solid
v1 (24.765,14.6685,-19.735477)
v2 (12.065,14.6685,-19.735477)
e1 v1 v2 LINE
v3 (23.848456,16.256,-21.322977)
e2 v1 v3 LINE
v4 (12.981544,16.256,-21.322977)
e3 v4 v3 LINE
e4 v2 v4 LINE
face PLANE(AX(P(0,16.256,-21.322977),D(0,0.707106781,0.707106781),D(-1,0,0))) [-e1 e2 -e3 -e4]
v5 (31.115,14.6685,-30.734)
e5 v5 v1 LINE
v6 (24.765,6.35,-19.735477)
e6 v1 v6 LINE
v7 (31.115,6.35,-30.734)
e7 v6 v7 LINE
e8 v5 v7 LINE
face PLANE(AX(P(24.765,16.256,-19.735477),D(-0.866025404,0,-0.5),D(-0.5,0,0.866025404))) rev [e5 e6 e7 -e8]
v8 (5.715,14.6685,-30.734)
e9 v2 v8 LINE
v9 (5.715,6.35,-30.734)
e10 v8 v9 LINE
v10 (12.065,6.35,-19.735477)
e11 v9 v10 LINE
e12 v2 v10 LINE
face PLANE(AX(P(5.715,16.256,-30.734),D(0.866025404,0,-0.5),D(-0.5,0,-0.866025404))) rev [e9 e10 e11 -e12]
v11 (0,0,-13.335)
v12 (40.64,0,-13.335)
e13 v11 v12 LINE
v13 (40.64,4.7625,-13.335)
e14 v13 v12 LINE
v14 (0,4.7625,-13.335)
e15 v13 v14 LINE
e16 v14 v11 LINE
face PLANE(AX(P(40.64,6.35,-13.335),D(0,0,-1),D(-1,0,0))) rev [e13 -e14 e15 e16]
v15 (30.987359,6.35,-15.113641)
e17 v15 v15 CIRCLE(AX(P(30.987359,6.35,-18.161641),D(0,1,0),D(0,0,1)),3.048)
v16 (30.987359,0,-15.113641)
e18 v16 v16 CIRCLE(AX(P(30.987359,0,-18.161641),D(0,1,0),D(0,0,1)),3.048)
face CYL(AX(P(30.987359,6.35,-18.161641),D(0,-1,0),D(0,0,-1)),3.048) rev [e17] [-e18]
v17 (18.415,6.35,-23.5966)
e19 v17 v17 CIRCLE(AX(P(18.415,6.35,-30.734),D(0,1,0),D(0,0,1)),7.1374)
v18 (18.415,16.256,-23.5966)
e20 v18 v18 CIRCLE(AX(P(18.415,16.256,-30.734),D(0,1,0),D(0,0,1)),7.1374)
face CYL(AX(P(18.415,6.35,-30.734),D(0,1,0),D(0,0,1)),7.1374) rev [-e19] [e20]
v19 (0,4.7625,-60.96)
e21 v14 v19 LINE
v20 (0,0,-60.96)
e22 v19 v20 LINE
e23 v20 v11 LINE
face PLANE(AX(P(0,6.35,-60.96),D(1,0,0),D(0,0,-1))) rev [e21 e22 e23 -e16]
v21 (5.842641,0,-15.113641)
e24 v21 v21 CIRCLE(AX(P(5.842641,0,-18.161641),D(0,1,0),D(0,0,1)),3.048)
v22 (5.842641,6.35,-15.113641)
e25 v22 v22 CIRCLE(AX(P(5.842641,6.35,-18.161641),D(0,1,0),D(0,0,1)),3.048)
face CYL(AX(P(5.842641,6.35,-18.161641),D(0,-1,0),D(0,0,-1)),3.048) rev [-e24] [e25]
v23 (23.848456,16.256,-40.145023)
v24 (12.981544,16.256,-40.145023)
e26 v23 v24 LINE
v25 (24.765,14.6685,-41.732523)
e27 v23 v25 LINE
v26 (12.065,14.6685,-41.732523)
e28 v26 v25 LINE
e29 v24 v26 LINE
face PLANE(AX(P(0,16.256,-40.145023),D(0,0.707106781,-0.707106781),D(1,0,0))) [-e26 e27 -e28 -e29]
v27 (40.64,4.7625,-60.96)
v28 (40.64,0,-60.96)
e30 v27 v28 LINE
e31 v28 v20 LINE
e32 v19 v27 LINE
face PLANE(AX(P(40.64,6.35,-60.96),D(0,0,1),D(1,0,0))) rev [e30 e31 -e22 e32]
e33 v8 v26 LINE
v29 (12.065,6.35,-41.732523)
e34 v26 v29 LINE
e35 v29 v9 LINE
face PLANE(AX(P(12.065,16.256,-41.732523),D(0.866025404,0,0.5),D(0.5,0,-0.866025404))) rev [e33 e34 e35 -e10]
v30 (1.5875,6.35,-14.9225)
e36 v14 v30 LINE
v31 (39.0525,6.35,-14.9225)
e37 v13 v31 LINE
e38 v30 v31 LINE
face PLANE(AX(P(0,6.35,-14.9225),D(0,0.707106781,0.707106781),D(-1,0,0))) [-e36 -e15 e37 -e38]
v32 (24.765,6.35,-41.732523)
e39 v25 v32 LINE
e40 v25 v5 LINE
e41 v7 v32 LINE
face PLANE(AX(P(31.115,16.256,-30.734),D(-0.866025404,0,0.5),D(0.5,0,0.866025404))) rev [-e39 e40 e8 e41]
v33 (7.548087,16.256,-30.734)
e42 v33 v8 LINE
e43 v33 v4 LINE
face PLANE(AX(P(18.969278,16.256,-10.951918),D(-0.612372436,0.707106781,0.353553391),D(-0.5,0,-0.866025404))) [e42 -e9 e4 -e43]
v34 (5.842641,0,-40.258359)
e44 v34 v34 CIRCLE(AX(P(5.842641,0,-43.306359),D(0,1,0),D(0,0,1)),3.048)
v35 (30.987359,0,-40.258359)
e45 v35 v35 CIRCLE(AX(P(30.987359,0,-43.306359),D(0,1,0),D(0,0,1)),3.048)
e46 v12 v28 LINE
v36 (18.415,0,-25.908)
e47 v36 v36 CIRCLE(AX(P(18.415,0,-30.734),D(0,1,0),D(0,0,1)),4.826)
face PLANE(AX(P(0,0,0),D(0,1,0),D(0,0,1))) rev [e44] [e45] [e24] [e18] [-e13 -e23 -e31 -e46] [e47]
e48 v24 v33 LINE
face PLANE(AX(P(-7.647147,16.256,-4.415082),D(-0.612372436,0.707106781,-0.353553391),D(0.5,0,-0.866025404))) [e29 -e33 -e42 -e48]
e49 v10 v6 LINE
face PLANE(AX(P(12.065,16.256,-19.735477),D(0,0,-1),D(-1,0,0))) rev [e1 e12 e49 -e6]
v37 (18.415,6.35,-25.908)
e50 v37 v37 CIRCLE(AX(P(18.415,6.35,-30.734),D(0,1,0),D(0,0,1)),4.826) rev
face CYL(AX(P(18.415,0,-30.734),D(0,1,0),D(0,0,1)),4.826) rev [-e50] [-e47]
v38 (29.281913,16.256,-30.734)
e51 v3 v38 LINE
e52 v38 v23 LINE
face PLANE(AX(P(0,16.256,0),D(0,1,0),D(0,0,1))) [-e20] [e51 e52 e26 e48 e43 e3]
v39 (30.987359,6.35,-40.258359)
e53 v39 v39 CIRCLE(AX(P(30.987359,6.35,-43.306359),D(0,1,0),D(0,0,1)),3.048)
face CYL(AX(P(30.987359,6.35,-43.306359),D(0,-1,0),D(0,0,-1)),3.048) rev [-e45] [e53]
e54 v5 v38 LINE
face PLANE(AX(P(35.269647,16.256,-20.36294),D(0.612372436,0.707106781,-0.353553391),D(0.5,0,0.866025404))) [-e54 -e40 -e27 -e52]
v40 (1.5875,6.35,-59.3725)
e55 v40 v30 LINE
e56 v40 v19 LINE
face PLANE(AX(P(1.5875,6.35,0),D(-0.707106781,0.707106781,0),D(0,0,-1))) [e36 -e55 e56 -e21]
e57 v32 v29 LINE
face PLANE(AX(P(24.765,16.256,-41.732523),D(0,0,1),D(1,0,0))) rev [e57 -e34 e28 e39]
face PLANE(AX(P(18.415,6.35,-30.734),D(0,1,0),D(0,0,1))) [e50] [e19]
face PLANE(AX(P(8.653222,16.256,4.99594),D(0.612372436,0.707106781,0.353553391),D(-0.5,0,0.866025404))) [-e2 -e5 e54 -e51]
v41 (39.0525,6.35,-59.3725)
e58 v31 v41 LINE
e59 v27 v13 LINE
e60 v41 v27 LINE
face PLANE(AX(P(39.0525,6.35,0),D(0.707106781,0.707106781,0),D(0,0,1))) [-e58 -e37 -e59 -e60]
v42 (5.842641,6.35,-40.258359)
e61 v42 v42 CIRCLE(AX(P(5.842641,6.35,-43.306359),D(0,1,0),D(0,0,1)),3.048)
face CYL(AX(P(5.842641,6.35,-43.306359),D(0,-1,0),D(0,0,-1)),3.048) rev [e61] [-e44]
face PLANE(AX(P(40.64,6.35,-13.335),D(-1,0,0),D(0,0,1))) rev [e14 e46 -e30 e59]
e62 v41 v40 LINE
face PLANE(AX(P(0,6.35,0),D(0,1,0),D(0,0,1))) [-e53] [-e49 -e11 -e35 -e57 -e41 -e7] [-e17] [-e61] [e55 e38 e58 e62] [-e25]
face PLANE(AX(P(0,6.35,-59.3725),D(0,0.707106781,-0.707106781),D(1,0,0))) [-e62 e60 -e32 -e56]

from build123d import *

# Parameters (mm, degrees)
SKETCH1_W           = 40.64
SKETCH1_H           = 47.625
SKETCH1_R           = 3.048
BOSS_EXTRUDE1_DEPTH = 6.35
BOSS_EXTRUDE2_DEPTH = 9.906
SKETCH3_R           = 4.826
CUT_EXTRUDE1_DEPTH  = 76.04657711
SKETCH4_R           = 7.1374
CUT_EXTRUDE2_DEPTH  = 9.906
CHAMFER1_SIZE       = 1.5875


with BuildPart() as part:
    # Sketch1 → Boss-Extrude1 (new body)
    with BuildSketch(Plane(origin=(0, 0, 0), x_dir=(1, 0, 0), z_dir=(0, 1, 0))):
        with Locations((20.32, 37.1475)):
            Rectangle(SKETCH1_W, SKETCH1_H)
        with Locations(Location((30.987358569, 18.161641431, 0), (0, 0, 270))):
            Circle(SKETCH1_R, mode=Mode.SUBTRACT)
        with Locations(Location((30.987358569, 43.306358569, 0), (0, 0, 270))):
            Circle(SKETCH1_R, mode=Mode.SUBTRACT)
        with Locations(Location((5.842641431, 18.161641431, 0), (0, 0, 270))):
            Circle(SKETCH1_R, mode=Mode.SUBTRACT)
        with Locations(Location((5.842641431, 43.306358569, 0), (0, 0, 270))):
            Circle(SKETCH1_R, mode=Mode.SUBTRACT)
    extrude(amount=BOSS_EXTRUDE1_DEPTH)

    # Sketch2 → Boss-Extrude2 (add)
    with BuildSketch(Plane(origin=(0, 6.35, 0), x_dir=(1, 0, 0), z_dir=(0, 1, 0))):
        Polygon((31.115, 30.734), (24.765, 41.732522628), (12.065, 41.732522628), (5.715, 30.734), (12.065, 19.735477372), (24.765, 19.735477372), align=None)
    extrude(amount=BOSS_EXTRUDE2_DEPTH)

    # Sketch3 → Cut-Extrude1 (cut, through all)
    with BuildSketch(Plane(origin=(0, 16.256, 0), x_dir=(1, 0, 0), z_dir=(0, 1, 0))):
        with Locations(Location((18.415, 30.734, 0), (0, 0, 270))):
            Circle(SKETCH3_R)
    extrude(amount=-CUT_EXTRUDE1_DEPTH, mode=Mode.SUBTRACT)

    # Sketch4 → Cut-Extrude2 (cut)
    with BuildSketch(Plane(origin=(0, 16.256, 0), x_dir=(1, 0, 0), z_dir=(0, 1, 0))):
        with Locations(Location((18.415, 30.734, 0), (0, 0, 270))):
            Circle(SKETCH4_R)
    extrude(amount=-CUT_EXTRUDE2_DEPTH, mode=Mode.SUBTRACT)

    # Chamfer1
    chamfer1_edges = [part.edges().sort_by_distance(p)[0] for p in [
        (20.32, 6.35, -60.96),
        (0, 6.35, -37.1475),
        (27.94, 16.256, -25.234738686),
        (27.94, 16.256, -36.233261314),
        (18.415, 16.256, -41.732522628),
        (8.89, 16.256, -36.233261314),
        (8.89, 16.256, -25.234738686),
        (18.415, 16.256, -19.735477372),
        (20.32, 6.35, -13.335),
        (40.64, 6.35, -37.1475),
    ]]
    chamfer(chamfer1_edges, length=CHAMFER1_SIZE)


solid = part.part
